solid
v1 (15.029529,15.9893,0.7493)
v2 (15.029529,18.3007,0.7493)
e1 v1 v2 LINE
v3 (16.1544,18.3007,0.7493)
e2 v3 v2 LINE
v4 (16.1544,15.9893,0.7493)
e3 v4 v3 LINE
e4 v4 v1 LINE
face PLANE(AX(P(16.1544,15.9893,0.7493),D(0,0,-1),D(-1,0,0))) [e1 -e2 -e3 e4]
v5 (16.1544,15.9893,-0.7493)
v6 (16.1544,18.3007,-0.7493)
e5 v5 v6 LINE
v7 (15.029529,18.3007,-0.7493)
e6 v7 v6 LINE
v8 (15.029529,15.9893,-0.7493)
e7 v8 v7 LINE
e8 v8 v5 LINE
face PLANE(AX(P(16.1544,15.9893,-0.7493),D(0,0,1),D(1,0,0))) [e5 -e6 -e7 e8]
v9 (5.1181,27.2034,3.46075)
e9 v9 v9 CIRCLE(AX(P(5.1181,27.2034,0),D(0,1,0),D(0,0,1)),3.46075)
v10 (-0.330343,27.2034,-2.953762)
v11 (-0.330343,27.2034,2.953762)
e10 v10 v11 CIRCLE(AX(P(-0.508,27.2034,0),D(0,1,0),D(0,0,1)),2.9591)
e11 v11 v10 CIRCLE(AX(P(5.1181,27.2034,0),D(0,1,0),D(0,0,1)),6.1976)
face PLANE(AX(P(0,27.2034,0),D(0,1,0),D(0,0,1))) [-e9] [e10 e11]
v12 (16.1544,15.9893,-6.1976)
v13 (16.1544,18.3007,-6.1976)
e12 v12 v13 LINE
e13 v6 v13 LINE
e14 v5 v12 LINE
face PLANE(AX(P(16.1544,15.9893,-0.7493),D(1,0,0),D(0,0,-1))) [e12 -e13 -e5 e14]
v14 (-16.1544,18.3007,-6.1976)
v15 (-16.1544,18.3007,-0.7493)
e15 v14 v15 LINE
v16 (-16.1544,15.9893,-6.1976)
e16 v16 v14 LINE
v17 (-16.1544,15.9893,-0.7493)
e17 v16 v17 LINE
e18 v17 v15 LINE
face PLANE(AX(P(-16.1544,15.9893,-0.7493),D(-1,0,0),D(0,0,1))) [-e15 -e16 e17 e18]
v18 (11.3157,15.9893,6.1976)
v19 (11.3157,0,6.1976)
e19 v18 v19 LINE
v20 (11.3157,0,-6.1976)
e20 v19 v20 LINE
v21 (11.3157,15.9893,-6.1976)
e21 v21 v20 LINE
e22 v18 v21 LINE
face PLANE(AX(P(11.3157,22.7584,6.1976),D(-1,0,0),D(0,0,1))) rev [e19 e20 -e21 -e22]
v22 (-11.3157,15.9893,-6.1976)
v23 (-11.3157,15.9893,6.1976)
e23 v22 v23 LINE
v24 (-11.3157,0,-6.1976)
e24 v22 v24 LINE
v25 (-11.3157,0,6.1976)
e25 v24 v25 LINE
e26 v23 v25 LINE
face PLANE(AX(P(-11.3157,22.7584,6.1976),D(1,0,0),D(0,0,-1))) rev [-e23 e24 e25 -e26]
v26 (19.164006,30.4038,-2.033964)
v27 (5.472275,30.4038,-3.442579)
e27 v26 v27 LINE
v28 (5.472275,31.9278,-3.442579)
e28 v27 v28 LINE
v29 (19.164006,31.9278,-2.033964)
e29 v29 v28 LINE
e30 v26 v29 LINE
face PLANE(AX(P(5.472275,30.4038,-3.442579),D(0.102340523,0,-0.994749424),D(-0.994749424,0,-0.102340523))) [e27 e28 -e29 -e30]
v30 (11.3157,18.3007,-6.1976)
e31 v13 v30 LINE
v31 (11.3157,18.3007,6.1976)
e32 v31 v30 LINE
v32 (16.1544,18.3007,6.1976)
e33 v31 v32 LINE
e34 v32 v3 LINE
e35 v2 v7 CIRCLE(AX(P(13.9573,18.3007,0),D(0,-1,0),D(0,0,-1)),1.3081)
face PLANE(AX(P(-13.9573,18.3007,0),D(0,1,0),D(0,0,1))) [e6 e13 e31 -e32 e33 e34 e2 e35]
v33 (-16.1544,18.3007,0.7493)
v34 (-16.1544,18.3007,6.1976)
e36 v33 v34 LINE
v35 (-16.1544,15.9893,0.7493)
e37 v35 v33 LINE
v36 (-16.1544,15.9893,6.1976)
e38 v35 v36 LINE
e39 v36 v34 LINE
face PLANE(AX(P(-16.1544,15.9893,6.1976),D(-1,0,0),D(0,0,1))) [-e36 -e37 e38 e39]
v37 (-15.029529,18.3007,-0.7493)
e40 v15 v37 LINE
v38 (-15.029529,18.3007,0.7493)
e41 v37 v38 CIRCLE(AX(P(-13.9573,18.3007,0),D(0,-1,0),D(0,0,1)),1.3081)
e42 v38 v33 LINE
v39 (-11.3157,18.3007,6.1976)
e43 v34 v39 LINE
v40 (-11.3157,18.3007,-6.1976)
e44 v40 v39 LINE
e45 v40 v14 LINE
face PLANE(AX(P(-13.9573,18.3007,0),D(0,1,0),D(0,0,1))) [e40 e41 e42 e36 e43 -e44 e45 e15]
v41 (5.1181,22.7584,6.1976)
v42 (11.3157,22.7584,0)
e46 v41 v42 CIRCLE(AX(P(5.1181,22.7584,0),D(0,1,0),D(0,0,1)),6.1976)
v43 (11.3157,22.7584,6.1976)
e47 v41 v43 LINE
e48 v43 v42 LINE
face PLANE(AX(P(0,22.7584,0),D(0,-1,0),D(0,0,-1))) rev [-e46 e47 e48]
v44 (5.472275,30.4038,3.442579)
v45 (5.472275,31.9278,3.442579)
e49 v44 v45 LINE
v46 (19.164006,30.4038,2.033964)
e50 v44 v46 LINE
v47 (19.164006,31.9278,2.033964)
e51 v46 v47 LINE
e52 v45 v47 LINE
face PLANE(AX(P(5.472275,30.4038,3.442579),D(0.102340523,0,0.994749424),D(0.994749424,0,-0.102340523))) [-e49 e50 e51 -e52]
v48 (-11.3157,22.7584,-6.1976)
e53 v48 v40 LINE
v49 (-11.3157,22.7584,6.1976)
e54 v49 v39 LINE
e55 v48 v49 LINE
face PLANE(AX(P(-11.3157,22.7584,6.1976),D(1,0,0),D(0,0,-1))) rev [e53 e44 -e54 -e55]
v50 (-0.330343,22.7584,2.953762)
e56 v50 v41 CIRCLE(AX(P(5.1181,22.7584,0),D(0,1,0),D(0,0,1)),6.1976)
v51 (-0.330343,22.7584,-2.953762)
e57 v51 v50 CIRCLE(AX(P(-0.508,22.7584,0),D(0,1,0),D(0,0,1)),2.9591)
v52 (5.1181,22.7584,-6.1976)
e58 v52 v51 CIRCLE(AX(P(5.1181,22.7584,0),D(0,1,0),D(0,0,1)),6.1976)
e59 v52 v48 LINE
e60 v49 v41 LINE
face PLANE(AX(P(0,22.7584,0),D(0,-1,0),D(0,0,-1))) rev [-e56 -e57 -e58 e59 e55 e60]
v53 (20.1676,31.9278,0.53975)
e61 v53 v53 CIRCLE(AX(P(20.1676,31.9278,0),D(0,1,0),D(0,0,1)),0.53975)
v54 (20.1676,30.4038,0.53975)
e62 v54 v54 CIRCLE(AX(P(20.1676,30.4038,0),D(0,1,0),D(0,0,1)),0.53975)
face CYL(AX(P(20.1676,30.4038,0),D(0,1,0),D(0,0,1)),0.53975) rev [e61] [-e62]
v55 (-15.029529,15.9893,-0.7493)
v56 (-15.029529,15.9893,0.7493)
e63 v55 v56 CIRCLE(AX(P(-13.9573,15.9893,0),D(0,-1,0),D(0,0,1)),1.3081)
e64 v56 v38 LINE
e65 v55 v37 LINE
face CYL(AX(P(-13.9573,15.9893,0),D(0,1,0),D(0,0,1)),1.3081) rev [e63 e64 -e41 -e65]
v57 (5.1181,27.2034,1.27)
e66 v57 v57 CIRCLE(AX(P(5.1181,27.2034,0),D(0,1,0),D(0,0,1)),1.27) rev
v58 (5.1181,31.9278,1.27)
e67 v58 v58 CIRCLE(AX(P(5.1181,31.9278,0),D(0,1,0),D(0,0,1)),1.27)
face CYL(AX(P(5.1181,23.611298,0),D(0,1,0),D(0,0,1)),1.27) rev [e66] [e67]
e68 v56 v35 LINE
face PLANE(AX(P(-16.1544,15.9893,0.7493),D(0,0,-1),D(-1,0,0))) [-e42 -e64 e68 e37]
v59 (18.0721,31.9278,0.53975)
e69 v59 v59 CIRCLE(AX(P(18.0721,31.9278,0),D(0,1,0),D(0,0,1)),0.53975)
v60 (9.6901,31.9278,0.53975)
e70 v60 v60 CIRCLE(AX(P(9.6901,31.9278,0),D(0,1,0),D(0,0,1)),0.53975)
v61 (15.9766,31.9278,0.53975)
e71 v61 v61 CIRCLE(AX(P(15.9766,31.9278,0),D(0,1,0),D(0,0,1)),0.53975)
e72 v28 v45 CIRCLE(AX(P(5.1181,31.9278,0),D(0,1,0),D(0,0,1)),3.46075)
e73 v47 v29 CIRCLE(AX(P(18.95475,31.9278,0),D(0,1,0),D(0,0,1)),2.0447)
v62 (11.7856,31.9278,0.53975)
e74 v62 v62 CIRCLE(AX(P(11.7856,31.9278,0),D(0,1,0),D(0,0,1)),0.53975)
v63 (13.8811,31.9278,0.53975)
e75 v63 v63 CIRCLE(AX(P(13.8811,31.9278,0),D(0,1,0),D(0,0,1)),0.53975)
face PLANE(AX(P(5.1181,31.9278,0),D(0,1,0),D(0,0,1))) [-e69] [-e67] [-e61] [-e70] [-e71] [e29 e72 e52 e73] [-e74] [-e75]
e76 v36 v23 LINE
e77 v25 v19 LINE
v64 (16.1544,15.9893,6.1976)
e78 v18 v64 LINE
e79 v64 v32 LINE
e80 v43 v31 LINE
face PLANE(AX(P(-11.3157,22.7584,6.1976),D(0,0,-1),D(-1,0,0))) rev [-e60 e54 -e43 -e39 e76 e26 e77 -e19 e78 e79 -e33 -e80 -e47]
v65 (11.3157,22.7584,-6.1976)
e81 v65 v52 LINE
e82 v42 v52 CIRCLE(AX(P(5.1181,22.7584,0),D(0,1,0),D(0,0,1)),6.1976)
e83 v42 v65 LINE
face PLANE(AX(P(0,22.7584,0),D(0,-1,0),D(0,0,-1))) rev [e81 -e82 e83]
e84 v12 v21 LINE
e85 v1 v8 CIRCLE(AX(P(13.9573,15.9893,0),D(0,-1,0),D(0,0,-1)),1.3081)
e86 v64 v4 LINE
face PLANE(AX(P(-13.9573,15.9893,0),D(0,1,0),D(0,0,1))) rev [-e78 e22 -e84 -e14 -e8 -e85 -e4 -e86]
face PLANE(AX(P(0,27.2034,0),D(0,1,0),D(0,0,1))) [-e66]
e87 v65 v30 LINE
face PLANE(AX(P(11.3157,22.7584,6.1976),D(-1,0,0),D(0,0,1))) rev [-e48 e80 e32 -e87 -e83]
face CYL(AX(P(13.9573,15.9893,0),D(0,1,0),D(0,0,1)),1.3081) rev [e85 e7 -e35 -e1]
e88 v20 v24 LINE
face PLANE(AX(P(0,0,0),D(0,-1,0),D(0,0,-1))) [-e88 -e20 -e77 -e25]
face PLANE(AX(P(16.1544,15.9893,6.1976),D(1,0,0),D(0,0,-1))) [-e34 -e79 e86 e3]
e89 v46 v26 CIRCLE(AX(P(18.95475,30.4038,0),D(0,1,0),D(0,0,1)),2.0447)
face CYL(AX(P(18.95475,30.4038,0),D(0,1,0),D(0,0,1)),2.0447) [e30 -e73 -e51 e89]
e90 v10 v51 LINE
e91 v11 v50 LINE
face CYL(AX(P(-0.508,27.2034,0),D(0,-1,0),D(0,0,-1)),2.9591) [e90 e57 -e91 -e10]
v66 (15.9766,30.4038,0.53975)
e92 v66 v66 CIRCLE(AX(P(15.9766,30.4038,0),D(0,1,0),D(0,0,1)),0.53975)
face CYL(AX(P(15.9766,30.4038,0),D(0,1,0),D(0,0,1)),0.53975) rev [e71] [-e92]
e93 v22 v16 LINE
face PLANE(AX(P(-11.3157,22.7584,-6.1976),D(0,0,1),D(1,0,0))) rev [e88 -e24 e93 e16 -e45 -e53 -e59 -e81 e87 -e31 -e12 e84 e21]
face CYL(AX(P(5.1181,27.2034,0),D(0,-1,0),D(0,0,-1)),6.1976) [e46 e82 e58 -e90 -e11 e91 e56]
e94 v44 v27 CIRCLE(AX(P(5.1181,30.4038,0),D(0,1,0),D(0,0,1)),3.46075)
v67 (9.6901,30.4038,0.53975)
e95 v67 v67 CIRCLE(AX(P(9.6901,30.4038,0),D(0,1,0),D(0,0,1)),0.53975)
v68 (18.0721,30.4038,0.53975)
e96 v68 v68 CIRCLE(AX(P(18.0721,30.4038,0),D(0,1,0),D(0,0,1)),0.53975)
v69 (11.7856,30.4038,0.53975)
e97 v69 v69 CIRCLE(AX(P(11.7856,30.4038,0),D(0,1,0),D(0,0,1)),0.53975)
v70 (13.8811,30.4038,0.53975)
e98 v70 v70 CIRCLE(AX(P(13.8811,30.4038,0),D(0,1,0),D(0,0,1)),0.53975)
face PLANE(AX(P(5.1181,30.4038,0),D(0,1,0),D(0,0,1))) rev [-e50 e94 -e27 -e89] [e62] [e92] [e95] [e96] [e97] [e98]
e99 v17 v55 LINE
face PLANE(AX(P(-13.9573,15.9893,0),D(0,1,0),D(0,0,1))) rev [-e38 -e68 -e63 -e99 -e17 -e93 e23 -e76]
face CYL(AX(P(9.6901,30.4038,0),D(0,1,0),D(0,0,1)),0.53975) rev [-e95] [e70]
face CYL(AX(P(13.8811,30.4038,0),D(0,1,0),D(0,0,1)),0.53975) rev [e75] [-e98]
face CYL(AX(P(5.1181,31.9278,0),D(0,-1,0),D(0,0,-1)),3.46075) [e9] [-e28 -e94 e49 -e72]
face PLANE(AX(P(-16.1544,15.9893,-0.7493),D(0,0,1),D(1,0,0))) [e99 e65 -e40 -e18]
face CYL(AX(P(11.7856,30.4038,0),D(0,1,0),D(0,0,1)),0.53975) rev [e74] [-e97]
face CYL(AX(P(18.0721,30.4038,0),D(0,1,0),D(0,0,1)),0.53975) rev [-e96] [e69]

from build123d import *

# Parameters (mm, degrees)
SKETCH1_W           = 22.6314
SKETCH1_H           = 12.3952
BOSS_EXTRUDE1_DEPTH = 22.7584
BOSS_EXTRUDE2_DEPTH = 4.445
SKETCH3_R           = 3.46075
BOSS_EXTRUDE3_DEPTH = 4.7244
SKETCH4_R           = 0.53975
BOSS_EXTRUDE4_DEPTH = 1.524
BOSS_EXTRUDE5_DEPTH = 2.3114
SKETCH6_R           = 1.27
CUT_EXTRUDE1_DEPTH  = 4.7244


with BuildPart() as part:
    # Sketch1 → Boss-Extrude1 (new body)
    with BuildSketch(Plane(origin=(0, 0, 0), x_dir=(1, 0, 0), z_dir=(0, 1, 0))):
        Rectangle(SKETCH1_W, SKETCH1_H)
    extrude(amount=BOSS_EXTRUDE1_DEPTH)

    # Sketch2 → Boss-Extrude2 (add)
    with BuildSketch(Plane(origin=(0, 22.7584, 0), x_dir=(1, 0, 0), z_dir=(0, 1, 0))):
        with BuildLine():
            ThreePointArc((-0.330343341, -2.953762164), (11.3157, 0), (-0.330343341, 2.953762164))
            ThreePointArc((-0.330343341, 2.953762164), (-3.4671, 0), (-0.330343341, -2.953762164))
        make_face()
    extrude(amount=BOSS_EXTRUDE2_DEPTH)

    # Sketch3 → Boss-Extrude3 (add)
    with BuildSketch(Plane(origin=(0, 27.2034, 0), x_dir=(1, 0, 0), z_dir=(0, 1, 0))):
        with Locations((5.1181, 0)):
            Circle(SKETCH3_R)
    extrude(amount=BOSS_EXTRUDE3_DEPTH)

    # Sketch4 → Boss-Extrude4 (add)
    with BuildSketch(Plane(origin=(0, 31.9278, 0), x_dir=(1, 0, 0), z_dir=(0, 1, 0))):
        with BuildLine():
            Line((5.472274966, 3.44257907), (19.164005668, 2.033964148))
            ThreePointArc((19.164005668, 2.033964148), (20.99945, 0), (19.164005668, -2.033964148))
            Line((19.164005668, -2.033964148), (5.472274966, -3.44257907))
            ThreePointArc((5.472274966, -3.44257907), (1.65735, 0), (5.472274966, 3.44257907))
        make_face()
        with Locations((11.7856, 0)):
            Circle(SKETCH4_R, mode=Mode.SUBTRACT)
        with Locations((9.6901, 0)):
            Circle(SKETCH4_R, mode=Mode.SUBTRACT)
        with Locations((13.8811, 0)):
            Circle(SKETCH4_R, mode=Mode.SUBTRACT)
        with Locations((15.9766, 0)):
            Circle(SKETCH4_R, mode=Mode.SUBTRACT)
        with Locations((18.0721, 0)):
            Circle(SKETCH4_R, mode=Mode.SUBTRACT)
        with Locations((20.1676, 0)):
            Circle(SKETCH4_R, mode=Mode.SUBTRACT)
    extrude(amount=-BOSS_EXTRUDE4_DEPTH)

    # Sketch5 → Boss-Extrude5 (add)
    with BuildSketch(Plane(origin=(0, 18.3007, 0), x_dir=(1, 0, 0), z_dir=(0, 1, 0))):
        with BuildLine():
            Line((-16.1544, -6.1976), (16.1544, -6.1976))
            Line((16.1544, -6.1976), (16.1544, -0.7493))
            Line((16.1544, -0.7493), (15.029529043, -0.7493))
            ThreePointArc((15.029529043, -0.7493), (12.6492, 0), (15.029529043, 0.7493))
            Line((15.029529043, 0.7493), (16.1544, 0.7493))
            Line((16.1544, 0.7493), (16.1544, 6.1976))
            Line((16.1544, 6.1976), (-16.1544, 6.1976))
            Line((-16.1544, 6.1976), (-16.1544, 0.7493))
            Line((-16.1544, 0.7493), (-15.029529043, 0.7493))
            ThreePointArc((-15.029529043, 0.7493), (-12.6492, 0), (-15.029529043, -0.7493))
            Line((-15.029529043, -0.7493), (-16.1544, -0.7493))
            Line((-16.1544, -0.7493), (-16.1544, -6.1976))
        make_face()
    extrude(amount=-BOSS_EXTRUDE5_DEPTH)

    # Sketch6 → Cut-Extrude1 (cut)
    with BuildSketch(Plane(origin=(0, 31.9278, 0), x_dir=(1, 0, 0), z_dir=(0, 1, 0))):
        with Locations((5.1181, 0)):
            Circle(SKETCH6_R)
    extrude(amount=-CUT_EXTRUDE1_DEPTH, mode=Mode.SUBTRACT)


solid = part.part
